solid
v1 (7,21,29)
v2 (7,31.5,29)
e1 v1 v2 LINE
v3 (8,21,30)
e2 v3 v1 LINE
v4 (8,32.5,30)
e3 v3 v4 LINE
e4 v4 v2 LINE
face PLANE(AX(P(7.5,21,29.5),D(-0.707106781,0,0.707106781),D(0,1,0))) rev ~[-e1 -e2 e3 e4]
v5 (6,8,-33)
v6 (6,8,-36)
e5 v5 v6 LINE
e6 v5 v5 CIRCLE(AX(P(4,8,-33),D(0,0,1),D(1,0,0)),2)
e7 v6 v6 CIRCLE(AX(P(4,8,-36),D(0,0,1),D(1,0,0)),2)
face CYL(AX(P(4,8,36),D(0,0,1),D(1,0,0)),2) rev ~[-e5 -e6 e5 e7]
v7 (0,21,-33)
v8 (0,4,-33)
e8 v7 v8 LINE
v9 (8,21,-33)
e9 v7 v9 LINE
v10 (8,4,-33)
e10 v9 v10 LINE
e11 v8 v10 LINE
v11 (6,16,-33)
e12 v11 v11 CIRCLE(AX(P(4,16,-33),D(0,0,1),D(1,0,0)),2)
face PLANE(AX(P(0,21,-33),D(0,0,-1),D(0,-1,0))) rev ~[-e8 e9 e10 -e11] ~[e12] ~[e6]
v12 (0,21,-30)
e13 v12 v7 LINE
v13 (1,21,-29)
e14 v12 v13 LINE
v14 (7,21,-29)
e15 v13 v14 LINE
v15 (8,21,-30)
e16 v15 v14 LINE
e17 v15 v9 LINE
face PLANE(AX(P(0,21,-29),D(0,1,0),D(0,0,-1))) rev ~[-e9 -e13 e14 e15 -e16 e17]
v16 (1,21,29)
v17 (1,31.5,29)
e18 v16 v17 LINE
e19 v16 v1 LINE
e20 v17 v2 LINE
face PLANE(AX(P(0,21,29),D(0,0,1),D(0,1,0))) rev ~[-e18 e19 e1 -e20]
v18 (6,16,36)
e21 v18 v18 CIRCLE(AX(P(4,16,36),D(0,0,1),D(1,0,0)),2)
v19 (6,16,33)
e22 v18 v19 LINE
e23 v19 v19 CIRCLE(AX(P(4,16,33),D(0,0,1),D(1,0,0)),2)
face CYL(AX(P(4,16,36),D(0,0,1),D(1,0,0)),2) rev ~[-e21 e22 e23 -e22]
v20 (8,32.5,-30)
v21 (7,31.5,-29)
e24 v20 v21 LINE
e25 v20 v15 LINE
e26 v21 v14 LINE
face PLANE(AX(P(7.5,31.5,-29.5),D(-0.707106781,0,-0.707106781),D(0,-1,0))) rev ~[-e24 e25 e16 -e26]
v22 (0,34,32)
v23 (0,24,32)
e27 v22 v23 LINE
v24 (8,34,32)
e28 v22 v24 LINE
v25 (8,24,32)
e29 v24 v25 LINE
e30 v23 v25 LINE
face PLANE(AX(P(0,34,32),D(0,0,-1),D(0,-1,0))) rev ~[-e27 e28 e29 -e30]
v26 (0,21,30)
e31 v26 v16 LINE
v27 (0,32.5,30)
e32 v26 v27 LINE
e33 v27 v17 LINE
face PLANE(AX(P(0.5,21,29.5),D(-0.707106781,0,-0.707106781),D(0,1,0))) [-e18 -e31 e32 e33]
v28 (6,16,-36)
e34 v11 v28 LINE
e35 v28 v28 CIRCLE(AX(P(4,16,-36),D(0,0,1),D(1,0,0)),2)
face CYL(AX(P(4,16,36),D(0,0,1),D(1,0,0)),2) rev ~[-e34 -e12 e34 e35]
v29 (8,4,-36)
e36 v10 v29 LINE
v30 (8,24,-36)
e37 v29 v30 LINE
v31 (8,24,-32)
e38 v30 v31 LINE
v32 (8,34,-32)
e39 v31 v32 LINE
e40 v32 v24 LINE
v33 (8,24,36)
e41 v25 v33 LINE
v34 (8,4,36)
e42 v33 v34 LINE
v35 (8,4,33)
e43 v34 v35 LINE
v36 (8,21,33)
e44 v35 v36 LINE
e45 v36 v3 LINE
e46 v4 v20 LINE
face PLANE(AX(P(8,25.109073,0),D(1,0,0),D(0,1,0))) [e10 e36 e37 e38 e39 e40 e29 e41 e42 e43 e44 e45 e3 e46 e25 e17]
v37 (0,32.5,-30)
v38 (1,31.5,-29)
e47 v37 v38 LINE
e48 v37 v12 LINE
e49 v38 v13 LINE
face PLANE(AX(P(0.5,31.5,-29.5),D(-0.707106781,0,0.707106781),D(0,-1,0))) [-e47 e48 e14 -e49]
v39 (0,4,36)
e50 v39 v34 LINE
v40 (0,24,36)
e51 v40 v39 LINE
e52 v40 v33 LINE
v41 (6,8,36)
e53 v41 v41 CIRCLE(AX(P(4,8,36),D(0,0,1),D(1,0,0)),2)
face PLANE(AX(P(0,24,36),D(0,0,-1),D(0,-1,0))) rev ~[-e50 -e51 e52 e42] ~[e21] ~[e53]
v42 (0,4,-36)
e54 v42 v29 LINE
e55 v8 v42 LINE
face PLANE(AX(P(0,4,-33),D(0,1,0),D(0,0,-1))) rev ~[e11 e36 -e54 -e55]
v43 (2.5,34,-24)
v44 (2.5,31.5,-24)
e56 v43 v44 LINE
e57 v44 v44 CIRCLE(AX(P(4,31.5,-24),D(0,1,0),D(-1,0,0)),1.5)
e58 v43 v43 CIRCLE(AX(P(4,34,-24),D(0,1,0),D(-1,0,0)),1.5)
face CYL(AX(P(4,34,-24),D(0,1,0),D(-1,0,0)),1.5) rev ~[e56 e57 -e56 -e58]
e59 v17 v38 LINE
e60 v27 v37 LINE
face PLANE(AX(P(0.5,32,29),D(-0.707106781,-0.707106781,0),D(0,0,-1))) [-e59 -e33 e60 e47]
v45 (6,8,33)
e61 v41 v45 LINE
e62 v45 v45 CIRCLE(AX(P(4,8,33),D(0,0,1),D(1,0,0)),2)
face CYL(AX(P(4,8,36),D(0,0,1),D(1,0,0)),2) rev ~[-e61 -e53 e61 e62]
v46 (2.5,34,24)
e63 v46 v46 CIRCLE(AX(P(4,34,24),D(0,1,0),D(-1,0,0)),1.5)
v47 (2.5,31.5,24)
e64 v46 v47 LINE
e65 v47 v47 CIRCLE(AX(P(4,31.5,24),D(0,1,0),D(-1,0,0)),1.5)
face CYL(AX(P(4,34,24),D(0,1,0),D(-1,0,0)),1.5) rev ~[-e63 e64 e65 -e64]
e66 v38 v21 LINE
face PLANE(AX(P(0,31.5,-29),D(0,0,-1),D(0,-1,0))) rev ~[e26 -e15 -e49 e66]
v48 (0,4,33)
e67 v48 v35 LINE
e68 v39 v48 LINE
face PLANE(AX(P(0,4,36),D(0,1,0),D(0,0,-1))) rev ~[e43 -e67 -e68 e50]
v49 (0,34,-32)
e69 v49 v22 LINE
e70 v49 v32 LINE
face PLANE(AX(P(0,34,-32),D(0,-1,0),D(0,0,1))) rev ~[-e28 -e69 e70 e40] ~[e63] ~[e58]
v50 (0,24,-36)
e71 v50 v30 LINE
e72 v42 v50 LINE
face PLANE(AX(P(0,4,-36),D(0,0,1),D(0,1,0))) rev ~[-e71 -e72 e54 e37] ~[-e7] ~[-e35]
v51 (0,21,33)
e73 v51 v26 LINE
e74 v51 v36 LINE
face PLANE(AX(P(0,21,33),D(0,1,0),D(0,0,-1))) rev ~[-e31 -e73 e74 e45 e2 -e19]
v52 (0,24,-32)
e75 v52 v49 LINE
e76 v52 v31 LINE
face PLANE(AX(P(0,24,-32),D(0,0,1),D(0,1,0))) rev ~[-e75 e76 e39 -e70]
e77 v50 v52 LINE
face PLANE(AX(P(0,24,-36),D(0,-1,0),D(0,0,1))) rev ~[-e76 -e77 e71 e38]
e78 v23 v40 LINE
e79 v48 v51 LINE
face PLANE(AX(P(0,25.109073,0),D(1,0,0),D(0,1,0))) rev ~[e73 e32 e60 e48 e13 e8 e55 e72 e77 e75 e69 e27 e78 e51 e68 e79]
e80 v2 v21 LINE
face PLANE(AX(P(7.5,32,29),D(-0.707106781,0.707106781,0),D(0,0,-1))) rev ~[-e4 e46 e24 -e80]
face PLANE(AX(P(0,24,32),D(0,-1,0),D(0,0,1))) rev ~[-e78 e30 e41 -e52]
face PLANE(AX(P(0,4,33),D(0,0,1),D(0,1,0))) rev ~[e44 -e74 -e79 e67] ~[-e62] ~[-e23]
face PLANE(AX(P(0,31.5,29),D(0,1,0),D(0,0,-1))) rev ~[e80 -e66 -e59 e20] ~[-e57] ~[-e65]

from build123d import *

# Parameters (mm, degrees)
F1_DEPTH = 8
F2_W     = 6.02
F2_H     = 5
F3_DEPTH = 72
F4_R     = 1.5
F5_DEPTH = 25
F6_R     = 2
F7_DEPTH = 72
F8_SIZE  = 1


with BuildPart() as f1:
    # F0 (on Right) → F1 (new body)
    with BuildSketch(Plane.YZ):
        Polygon((24, 36), (4, 36), (4, 33), (21, 33), (21, 29), (31.5, 29), (31.5, -29), (21, -29), (21, -33), (4, -33), (4, -36), (24, -36), (24, -32), (34, -32), (34, -15.6872682273), (34, 32), (24, 32), align=None)
    extrude(amount=F1_DEPTH)

    # F2 (on face) → F3 (cut)
    with BuildSketch(Plane.XY.offset(36)):
        with Locations((3.01, 1.5)):
            Rectangle(F2_W, F2_H)
    extrude(amount=-F3_DEPTH, mode=Mode.SUBTRACT)

    # F4 (on face) → F5 (cut)
    with BuildSketch(Plane(origin=(0, 34, 0), x_dir=(-1, 0, 0), z_dir=(0, 1, 0))):
        with Locations((-4, 24)):
            Circle(F4_R)
        with Locations((-4, -24)):
            Circle(F4_R)
    extrude(amount=-F5_DEPTH, mode=Mode.SUBTRACT)

    # F6 (on face) → F7 (cut)
    with BuildSketch(Plane.XY.offset(36)):
        with Locations((4, 16)):
            Circle(F6_R)
        with Locations((4, 8)):
            Circle(F6_R)
    extrude(amount=-F7_DEPTH, mode=Mode.SUBTRACT)

    # F8
    f8_edges = [f1.edges().sort_by_distance(p)[0] for p in [
        (8, 31.5, 0),
        (0, 31.5, 0),
        (8, 26.25, 29),
        (0, 26.25, 29),
        (8, 26.25, -29),
        (0, 26.25, -29),
    ]]
    chamfer(f8_edges, length=F8_SIZE)


solid = f1.part
